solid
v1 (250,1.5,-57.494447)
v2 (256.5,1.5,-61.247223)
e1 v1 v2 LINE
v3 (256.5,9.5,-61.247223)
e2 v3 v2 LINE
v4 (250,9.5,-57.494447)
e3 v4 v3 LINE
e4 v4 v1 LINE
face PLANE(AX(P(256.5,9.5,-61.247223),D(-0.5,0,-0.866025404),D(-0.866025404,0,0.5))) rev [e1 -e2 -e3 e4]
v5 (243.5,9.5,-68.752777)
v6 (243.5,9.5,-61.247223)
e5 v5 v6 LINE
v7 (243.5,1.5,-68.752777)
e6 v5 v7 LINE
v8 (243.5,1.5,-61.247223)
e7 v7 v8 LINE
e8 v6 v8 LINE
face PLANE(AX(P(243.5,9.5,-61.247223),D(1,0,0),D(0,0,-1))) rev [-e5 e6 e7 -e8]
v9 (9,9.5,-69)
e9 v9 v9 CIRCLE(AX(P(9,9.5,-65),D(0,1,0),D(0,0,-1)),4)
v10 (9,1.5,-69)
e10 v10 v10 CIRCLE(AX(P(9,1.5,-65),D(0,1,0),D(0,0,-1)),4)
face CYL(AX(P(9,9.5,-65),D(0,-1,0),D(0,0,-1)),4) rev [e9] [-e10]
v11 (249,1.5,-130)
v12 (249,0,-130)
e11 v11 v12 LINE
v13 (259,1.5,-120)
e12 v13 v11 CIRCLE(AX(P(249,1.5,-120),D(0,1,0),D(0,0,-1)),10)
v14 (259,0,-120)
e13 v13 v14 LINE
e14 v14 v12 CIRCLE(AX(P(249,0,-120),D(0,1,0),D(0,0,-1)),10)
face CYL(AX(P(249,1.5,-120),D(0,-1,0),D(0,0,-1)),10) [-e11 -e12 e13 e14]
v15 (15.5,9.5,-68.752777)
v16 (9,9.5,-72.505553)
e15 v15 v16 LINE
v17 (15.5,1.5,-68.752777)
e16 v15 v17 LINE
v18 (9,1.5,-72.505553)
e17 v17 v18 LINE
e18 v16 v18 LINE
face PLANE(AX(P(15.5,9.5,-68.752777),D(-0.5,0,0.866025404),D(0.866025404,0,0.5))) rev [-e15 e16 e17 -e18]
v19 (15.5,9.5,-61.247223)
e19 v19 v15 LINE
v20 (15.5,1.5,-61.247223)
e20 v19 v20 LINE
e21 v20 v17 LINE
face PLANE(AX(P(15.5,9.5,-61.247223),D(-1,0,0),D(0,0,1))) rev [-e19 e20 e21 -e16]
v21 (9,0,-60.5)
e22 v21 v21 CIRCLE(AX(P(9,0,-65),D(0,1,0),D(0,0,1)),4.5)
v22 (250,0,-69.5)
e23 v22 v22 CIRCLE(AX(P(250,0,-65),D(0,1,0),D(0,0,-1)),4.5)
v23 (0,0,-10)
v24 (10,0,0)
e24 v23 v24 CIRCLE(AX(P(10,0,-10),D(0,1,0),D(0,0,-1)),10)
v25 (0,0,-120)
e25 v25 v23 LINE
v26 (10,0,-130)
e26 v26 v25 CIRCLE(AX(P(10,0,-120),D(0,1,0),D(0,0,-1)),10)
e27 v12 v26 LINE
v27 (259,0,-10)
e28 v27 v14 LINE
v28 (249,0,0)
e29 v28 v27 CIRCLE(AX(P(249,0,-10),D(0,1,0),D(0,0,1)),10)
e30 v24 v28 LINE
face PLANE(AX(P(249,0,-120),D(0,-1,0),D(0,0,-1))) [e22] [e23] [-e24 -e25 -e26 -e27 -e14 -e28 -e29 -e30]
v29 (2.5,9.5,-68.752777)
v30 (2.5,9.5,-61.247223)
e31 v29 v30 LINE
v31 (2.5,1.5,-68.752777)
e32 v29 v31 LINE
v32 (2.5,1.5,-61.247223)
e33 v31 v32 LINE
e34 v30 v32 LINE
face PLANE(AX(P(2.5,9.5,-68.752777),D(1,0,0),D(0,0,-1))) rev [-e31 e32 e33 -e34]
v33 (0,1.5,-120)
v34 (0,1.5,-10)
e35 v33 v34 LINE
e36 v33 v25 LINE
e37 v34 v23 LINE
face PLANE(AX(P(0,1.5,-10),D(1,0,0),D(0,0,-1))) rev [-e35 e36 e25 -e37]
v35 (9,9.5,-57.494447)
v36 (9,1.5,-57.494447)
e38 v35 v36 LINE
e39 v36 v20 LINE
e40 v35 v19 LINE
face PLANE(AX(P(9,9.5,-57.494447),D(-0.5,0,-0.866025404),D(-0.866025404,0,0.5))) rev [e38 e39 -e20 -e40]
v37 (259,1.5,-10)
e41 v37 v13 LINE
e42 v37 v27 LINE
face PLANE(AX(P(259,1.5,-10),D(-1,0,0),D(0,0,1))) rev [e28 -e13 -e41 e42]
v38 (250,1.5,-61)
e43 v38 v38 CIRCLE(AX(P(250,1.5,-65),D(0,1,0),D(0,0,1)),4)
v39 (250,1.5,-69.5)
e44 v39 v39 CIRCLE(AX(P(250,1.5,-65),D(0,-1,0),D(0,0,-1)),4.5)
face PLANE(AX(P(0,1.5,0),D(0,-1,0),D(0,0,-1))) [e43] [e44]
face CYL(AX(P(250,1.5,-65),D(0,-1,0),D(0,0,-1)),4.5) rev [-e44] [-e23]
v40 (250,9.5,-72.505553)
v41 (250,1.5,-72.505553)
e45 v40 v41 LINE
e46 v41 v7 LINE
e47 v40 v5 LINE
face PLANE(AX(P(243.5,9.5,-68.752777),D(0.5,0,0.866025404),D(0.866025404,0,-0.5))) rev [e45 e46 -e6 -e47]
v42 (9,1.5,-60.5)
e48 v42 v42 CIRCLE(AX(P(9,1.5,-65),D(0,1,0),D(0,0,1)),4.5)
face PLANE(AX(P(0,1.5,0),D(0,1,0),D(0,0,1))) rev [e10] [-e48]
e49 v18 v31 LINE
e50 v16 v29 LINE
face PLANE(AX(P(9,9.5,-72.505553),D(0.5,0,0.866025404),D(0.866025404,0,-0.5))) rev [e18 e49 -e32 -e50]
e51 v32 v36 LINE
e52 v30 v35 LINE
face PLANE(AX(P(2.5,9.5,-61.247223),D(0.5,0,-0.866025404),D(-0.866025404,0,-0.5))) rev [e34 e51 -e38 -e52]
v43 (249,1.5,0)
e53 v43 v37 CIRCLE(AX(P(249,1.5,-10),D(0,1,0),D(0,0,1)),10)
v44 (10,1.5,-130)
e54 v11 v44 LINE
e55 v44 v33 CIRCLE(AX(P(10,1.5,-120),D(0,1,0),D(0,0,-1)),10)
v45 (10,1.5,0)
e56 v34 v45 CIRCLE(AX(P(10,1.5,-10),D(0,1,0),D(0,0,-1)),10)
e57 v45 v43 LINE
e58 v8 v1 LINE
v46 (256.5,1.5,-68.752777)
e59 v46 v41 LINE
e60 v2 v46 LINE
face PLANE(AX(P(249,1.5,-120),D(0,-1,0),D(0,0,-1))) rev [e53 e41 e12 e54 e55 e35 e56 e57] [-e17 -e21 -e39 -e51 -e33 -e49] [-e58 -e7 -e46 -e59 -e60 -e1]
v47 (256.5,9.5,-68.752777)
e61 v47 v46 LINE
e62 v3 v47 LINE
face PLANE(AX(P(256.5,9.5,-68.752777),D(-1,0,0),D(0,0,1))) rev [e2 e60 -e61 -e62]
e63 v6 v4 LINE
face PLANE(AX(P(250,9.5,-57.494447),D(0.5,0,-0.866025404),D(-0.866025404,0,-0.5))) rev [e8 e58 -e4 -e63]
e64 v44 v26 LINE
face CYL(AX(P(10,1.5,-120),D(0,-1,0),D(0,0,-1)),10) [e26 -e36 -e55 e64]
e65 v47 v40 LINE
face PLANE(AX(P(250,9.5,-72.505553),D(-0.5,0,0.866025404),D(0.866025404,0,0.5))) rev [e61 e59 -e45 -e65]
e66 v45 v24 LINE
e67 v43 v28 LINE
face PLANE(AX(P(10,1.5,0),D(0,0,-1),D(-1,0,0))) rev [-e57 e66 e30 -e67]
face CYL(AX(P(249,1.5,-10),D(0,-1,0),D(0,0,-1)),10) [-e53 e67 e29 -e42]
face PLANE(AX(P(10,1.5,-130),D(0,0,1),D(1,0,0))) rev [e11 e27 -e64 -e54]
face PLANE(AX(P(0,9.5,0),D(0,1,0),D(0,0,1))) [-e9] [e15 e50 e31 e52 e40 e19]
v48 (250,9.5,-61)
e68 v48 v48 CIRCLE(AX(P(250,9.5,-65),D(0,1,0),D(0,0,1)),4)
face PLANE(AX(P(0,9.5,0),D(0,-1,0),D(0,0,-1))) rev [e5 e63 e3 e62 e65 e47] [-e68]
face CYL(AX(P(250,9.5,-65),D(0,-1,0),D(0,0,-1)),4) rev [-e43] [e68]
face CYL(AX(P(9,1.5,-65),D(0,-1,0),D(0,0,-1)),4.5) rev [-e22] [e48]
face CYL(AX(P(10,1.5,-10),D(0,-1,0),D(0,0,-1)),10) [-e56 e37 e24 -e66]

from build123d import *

# Parameters (mm, degrees)
SCHIZZO1_R                   = 4.5
ESTRUSIONE_ESTRUSIONE1_DEPTH = 1.5
SCHIZZO2_R                   = 4
ESTRUSIONE_ESTRUSIONE2_DEPTH = 8


with BuildPart() as part:
    # Schizzo1 → Estrusione-Estrusione1 (new body)
    with BuildSketch(Plane(origin=(0, 0, 0), x_dir=(1, 0, 0), z_dir=(0, 1, 0))):
        with BuildLine():
            Line((10, 0), (249, 0))
            ThreePointArc((249, 0), (256.071067812, 2.928932188), (259, 10))
            Line((259, 10), (259, 120))
            ThreePointArc((259, 120), (256.071067812, 127.071067812), (249, 130))
            Line((249, 130), (10, 130))
            ThreePointArc((10, 130), (2.928932188, 127.071067812), (0, 120))
            Line((0, 120), (0, 10))
            ThreePointArc((0, 10), (2.928932188, 2.928932188), (10, 0))
        make_face()
        with Locations(Location((9, 65, 0), (0, 0, 270))):
            Circle(SCHIZZO1_R, mode=Mode.SUBTRACT)
        with Locations(Location((250, 65, 0), (0, 0, 90))):
            Circle(SCHIZZO1_R, mode=Mode.SUBTRACT)
    extrude(amount=ESTRUSIONE_ESTRUSIONE1_DEPTH)

    # Schizzo2 → Estrusione-Estrusione2 (add)
    # profile 1 of 2: a face of its own
    with BuildSketch(Plane(origin=(0, 1.5, 0), x_dir=(-1, 0, 0), z_dir=(0, 1, 0))):
        Polygon((-9, -57.494446501), (-15.5, -61.24722325), (-15.5, -68.75277675), (-9, -72.505553499), (-2.5, -68.75277675), (-2.5, -61.24722325), align=None)
        with Locations(Location((-9, -65, 0), (0, 0, 270))):
            Circle(SCHIZZO2_R, mode=Mode.SUBTRACT)
    # profile 2 of 2: a face of its own
    with BuildSketch(Plane(origin=(0, 1.5, 0), x_dir=(-1, 0, 0), z_dir=(0, 1, 0))):
        Polygon((-256.5, -61.24722325), (-250, -57.494446501), (-243.5, -61.24722325), (-243.5, -68.75277675), (-250, -72.505553499), (-256.5, -68.75277675), align=None)
        with Locations(Location((-250, -65, 0), (0, 0, 90))):
            Circle(SCHIZZO2_R, mode=Mode.SUBTRACT)
    extrude(amount=ESTRUSIONE_ESTRUSIONE2_DEPTH)


solid = part.part
